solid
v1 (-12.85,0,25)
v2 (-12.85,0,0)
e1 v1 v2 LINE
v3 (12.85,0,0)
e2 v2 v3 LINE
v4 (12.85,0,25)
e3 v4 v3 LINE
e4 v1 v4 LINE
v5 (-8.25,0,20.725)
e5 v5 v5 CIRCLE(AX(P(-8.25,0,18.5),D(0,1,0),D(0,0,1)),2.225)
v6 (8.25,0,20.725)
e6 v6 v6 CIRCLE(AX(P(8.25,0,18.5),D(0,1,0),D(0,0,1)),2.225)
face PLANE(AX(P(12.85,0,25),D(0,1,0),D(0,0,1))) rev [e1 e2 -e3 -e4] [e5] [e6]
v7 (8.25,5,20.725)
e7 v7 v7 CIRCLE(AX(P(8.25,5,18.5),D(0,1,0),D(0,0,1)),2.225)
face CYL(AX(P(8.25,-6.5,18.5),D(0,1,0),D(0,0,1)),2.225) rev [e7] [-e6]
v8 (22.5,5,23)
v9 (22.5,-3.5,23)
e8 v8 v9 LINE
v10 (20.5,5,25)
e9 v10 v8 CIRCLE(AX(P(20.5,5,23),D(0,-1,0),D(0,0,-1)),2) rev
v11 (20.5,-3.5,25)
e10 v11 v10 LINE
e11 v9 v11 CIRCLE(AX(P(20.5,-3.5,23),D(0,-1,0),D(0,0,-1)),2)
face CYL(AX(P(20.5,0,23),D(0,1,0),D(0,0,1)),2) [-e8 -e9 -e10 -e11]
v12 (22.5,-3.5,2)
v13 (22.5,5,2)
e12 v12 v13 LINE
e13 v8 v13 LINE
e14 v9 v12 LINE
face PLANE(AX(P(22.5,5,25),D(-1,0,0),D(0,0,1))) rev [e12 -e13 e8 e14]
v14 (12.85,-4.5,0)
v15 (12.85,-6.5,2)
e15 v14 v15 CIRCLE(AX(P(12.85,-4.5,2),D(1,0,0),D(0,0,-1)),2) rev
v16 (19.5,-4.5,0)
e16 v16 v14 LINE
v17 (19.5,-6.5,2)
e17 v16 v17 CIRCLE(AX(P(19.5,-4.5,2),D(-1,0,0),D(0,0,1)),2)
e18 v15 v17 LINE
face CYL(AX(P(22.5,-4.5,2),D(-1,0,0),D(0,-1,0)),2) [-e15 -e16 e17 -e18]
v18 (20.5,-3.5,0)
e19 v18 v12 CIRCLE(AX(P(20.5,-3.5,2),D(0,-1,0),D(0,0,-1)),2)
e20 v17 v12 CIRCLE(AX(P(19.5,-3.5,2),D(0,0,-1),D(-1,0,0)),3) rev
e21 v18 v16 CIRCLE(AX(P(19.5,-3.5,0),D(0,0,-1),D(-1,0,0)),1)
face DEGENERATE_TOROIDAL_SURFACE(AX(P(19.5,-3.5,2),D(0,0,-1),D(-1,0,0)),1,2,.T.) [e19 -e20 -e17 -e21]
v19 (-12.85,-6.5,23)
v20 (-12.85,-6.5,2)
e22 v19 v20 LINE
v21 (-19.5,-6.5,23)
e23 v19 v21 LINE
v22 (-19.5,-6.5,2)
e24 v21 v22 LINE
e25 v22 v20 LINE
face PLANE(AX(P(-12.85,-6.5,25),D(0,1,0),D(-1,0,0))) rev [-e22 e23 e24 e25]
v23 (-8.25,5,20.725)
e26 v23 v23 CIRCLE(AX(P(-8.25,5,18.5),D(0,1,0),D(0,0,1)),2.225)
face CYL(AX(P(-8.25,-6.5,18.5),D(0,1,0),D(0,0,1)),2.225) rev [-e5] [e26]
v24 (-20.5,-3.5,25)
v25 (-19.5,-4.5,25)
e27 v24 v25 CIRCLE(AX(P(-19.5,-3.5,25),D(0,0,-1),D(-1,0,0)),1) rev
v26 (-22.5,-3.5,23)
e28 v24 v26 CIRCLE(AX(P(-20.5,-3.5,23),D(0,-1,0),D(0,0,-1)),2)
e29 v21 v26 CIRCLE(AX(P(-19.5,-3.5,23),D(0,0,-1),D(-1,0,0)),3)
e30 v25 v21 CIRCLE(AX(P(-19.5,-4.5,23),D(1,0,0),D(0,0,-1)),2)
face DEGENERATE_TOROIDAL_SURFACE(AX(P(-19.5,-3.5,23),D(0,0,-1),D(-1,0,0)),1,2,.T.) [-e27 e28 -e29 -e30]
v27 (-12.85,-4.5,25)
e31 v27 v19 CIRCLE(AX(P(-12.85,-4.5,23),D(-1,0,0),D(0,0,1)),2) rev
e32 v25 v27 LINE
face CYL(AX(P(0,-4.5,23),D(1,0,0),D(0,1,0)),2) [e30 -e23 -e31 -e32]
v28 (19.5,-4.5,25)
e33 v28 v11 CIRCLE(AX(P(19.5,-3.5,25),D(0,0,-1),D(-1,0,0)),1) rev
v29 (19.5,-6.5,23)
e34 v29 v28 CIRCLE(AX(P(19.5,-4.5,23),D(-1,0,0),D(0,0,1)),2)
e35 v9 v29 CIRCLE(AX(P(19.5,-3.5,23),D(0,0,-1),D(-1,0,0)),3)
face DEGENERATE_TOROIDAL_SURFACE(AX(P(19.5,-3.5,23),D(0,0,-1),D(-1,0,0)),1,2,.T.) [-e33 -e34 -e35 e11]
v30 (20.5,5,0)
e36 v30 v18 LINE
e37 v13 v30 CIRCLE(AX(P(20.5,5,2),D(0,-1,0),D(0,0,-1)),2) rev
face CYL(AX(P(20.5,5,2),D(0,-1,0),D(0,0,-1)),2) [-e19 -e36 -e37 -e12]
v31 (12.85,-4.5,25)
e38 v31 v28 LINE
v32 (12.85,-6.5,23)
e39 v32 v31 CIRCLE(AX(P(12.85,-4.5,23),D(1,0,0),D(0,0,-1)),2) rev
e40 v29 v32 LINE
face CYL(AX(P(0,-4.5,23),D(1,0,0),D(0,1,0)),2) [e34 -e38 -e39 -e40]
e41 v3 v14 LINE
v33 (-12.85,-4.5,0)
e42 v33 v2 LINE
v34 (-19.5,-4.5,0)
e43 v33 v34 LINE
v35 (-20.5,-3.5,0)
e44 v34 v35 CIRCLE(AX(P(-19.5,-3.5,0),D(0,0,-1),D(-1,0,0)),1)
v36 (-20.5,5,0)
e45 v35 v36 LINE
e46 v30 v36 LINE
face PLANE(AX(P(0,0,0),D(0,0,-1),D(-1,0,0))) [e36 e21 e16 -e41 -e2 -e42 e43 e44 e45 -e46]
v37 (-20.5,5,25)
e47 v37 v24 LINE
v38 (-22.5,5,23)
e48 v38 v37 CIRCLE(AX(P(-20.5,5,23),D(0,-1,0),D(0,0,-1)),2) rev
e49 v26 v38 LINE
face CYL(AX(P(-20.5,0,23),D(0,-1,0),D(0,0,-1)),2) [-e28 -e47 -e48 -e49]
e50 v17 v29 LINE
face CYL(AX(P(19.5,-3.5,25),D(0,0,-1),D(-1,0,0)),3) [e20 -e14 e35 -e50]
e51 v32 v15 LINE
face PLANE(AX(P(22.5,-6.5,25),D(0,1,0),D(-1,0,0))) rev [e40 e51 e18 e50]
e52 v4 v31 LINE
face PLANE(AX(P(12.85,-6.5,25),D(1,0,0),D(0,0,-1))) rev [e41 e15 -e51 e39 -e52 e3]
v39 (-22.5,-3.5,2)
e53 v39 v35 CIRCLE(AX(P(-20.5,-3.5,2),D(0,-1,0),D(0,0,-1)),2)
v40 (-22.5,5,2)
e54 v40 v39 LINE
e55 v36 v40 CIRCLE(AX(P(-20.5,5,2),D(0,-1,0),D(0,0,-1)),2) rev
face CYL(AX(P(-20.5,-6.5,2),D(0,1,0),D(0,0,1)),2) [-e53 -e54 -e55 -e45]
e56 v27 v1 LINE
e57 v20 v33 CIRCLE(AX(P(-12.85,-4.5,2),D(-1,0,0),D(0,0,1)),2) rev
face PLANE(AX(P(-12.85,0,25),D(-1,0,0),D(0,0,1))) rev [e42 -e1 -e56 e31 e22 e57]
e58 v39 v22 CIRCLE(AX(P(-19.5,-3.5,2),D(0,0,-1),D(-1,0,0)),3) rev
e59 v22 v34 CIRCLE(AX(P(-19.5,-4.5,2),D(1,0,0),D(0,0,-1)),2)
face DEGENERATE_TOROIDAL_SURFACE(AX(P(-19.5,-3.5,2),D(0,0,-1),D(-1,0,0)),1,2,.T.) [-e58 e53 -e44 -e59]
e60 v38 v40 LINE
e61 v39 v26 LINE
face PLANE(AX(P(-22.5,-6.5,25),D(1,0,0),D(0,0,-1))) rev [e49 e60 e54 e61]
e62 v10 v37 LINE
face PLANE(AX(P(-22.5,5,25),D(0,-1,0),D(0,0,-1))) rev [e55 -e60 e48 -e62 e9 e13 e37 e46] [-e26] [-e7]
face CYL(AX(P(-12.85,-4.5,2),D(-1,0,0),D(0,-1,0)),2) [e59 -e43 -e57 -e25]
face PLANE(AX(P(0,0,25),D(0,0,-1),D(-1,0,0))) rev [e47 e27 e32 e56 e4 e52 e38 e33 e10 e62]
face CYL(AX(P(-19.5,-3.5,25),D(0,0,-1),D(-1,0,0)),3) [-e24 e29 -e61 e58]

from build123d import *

# Parameters (mm, degrees)
BOSS_EXTRUDE1_DEPTH = 25
SKETCH2_R           = 2.225
CUT_EXTRUDE1_DEPTH  = 36.545745174
FILLET1_R           = 3
FILLET2_R           = 2


with BuildPart() as part:
    # Sketch1 → Boss-Extrude1 (new body)
    with BuildSketch(Plane.XY):
        Polygon((-22.5, 5), (22.5, 5), (22.5, -6.5), (12.85, -6.5), (12.85, 0), (-12.85, 0), (-12.85, -6.5), (-22.5, -6.5), align=None)
    extrude(amount=BOSS_EXTRUDE1_DEPTH)

    # Sketch2 → Cut-Extrude1 (cut, through all)
    with BuildSketch(Plane(origin=(0, 5, 0), x_dir=(1, 0, 0), z_dir=(0, 1, 0))):
        with Locations((-8.25, -18.5)):
            Circle(SKETCH2_R)
        with Locations((8.25, -18.5)):
            Circle(SKETCH2_R)
    extrude(amount=-CUT_EXTRUDE1_DEPTH, mode=Mode.SUBTRACT)

    # Fillet1
    fillet1_edges = [part.edges().sort_by_distance(p)[0] for p in [
        (22.5, -6.5, 12.5),
        (-22.5, -6.5, 12.5),
    ]]
    fillet(fillet1_edges, radius=FILLET1_R)

    # Fillet2
    fillet2_edges = [part.edges().sort_by_distance(p)[0] for p in [
        (16.175, -6.5, 25),
        (21.621320344, -5.621320344, 25),
        (-16.175, -6.5, 25),
        (-21.621320344, -5.621320344, 25),
        (-16.175, -6.5, 0),
        (-21.621320344, -5.621320344, 0),
        (16.175, -6.5, 0),
        (21.621320344, -5.621320344, 0),
        (22.5, 0.75, 25),
        (-22.5, 0.75, 25),
        (-22.5, 0.75, 0),
        (22.5, 0.75, 0),
    ]]
    fillet(fillet2_edges, radius=FILLET2_R)


solid = part.part
